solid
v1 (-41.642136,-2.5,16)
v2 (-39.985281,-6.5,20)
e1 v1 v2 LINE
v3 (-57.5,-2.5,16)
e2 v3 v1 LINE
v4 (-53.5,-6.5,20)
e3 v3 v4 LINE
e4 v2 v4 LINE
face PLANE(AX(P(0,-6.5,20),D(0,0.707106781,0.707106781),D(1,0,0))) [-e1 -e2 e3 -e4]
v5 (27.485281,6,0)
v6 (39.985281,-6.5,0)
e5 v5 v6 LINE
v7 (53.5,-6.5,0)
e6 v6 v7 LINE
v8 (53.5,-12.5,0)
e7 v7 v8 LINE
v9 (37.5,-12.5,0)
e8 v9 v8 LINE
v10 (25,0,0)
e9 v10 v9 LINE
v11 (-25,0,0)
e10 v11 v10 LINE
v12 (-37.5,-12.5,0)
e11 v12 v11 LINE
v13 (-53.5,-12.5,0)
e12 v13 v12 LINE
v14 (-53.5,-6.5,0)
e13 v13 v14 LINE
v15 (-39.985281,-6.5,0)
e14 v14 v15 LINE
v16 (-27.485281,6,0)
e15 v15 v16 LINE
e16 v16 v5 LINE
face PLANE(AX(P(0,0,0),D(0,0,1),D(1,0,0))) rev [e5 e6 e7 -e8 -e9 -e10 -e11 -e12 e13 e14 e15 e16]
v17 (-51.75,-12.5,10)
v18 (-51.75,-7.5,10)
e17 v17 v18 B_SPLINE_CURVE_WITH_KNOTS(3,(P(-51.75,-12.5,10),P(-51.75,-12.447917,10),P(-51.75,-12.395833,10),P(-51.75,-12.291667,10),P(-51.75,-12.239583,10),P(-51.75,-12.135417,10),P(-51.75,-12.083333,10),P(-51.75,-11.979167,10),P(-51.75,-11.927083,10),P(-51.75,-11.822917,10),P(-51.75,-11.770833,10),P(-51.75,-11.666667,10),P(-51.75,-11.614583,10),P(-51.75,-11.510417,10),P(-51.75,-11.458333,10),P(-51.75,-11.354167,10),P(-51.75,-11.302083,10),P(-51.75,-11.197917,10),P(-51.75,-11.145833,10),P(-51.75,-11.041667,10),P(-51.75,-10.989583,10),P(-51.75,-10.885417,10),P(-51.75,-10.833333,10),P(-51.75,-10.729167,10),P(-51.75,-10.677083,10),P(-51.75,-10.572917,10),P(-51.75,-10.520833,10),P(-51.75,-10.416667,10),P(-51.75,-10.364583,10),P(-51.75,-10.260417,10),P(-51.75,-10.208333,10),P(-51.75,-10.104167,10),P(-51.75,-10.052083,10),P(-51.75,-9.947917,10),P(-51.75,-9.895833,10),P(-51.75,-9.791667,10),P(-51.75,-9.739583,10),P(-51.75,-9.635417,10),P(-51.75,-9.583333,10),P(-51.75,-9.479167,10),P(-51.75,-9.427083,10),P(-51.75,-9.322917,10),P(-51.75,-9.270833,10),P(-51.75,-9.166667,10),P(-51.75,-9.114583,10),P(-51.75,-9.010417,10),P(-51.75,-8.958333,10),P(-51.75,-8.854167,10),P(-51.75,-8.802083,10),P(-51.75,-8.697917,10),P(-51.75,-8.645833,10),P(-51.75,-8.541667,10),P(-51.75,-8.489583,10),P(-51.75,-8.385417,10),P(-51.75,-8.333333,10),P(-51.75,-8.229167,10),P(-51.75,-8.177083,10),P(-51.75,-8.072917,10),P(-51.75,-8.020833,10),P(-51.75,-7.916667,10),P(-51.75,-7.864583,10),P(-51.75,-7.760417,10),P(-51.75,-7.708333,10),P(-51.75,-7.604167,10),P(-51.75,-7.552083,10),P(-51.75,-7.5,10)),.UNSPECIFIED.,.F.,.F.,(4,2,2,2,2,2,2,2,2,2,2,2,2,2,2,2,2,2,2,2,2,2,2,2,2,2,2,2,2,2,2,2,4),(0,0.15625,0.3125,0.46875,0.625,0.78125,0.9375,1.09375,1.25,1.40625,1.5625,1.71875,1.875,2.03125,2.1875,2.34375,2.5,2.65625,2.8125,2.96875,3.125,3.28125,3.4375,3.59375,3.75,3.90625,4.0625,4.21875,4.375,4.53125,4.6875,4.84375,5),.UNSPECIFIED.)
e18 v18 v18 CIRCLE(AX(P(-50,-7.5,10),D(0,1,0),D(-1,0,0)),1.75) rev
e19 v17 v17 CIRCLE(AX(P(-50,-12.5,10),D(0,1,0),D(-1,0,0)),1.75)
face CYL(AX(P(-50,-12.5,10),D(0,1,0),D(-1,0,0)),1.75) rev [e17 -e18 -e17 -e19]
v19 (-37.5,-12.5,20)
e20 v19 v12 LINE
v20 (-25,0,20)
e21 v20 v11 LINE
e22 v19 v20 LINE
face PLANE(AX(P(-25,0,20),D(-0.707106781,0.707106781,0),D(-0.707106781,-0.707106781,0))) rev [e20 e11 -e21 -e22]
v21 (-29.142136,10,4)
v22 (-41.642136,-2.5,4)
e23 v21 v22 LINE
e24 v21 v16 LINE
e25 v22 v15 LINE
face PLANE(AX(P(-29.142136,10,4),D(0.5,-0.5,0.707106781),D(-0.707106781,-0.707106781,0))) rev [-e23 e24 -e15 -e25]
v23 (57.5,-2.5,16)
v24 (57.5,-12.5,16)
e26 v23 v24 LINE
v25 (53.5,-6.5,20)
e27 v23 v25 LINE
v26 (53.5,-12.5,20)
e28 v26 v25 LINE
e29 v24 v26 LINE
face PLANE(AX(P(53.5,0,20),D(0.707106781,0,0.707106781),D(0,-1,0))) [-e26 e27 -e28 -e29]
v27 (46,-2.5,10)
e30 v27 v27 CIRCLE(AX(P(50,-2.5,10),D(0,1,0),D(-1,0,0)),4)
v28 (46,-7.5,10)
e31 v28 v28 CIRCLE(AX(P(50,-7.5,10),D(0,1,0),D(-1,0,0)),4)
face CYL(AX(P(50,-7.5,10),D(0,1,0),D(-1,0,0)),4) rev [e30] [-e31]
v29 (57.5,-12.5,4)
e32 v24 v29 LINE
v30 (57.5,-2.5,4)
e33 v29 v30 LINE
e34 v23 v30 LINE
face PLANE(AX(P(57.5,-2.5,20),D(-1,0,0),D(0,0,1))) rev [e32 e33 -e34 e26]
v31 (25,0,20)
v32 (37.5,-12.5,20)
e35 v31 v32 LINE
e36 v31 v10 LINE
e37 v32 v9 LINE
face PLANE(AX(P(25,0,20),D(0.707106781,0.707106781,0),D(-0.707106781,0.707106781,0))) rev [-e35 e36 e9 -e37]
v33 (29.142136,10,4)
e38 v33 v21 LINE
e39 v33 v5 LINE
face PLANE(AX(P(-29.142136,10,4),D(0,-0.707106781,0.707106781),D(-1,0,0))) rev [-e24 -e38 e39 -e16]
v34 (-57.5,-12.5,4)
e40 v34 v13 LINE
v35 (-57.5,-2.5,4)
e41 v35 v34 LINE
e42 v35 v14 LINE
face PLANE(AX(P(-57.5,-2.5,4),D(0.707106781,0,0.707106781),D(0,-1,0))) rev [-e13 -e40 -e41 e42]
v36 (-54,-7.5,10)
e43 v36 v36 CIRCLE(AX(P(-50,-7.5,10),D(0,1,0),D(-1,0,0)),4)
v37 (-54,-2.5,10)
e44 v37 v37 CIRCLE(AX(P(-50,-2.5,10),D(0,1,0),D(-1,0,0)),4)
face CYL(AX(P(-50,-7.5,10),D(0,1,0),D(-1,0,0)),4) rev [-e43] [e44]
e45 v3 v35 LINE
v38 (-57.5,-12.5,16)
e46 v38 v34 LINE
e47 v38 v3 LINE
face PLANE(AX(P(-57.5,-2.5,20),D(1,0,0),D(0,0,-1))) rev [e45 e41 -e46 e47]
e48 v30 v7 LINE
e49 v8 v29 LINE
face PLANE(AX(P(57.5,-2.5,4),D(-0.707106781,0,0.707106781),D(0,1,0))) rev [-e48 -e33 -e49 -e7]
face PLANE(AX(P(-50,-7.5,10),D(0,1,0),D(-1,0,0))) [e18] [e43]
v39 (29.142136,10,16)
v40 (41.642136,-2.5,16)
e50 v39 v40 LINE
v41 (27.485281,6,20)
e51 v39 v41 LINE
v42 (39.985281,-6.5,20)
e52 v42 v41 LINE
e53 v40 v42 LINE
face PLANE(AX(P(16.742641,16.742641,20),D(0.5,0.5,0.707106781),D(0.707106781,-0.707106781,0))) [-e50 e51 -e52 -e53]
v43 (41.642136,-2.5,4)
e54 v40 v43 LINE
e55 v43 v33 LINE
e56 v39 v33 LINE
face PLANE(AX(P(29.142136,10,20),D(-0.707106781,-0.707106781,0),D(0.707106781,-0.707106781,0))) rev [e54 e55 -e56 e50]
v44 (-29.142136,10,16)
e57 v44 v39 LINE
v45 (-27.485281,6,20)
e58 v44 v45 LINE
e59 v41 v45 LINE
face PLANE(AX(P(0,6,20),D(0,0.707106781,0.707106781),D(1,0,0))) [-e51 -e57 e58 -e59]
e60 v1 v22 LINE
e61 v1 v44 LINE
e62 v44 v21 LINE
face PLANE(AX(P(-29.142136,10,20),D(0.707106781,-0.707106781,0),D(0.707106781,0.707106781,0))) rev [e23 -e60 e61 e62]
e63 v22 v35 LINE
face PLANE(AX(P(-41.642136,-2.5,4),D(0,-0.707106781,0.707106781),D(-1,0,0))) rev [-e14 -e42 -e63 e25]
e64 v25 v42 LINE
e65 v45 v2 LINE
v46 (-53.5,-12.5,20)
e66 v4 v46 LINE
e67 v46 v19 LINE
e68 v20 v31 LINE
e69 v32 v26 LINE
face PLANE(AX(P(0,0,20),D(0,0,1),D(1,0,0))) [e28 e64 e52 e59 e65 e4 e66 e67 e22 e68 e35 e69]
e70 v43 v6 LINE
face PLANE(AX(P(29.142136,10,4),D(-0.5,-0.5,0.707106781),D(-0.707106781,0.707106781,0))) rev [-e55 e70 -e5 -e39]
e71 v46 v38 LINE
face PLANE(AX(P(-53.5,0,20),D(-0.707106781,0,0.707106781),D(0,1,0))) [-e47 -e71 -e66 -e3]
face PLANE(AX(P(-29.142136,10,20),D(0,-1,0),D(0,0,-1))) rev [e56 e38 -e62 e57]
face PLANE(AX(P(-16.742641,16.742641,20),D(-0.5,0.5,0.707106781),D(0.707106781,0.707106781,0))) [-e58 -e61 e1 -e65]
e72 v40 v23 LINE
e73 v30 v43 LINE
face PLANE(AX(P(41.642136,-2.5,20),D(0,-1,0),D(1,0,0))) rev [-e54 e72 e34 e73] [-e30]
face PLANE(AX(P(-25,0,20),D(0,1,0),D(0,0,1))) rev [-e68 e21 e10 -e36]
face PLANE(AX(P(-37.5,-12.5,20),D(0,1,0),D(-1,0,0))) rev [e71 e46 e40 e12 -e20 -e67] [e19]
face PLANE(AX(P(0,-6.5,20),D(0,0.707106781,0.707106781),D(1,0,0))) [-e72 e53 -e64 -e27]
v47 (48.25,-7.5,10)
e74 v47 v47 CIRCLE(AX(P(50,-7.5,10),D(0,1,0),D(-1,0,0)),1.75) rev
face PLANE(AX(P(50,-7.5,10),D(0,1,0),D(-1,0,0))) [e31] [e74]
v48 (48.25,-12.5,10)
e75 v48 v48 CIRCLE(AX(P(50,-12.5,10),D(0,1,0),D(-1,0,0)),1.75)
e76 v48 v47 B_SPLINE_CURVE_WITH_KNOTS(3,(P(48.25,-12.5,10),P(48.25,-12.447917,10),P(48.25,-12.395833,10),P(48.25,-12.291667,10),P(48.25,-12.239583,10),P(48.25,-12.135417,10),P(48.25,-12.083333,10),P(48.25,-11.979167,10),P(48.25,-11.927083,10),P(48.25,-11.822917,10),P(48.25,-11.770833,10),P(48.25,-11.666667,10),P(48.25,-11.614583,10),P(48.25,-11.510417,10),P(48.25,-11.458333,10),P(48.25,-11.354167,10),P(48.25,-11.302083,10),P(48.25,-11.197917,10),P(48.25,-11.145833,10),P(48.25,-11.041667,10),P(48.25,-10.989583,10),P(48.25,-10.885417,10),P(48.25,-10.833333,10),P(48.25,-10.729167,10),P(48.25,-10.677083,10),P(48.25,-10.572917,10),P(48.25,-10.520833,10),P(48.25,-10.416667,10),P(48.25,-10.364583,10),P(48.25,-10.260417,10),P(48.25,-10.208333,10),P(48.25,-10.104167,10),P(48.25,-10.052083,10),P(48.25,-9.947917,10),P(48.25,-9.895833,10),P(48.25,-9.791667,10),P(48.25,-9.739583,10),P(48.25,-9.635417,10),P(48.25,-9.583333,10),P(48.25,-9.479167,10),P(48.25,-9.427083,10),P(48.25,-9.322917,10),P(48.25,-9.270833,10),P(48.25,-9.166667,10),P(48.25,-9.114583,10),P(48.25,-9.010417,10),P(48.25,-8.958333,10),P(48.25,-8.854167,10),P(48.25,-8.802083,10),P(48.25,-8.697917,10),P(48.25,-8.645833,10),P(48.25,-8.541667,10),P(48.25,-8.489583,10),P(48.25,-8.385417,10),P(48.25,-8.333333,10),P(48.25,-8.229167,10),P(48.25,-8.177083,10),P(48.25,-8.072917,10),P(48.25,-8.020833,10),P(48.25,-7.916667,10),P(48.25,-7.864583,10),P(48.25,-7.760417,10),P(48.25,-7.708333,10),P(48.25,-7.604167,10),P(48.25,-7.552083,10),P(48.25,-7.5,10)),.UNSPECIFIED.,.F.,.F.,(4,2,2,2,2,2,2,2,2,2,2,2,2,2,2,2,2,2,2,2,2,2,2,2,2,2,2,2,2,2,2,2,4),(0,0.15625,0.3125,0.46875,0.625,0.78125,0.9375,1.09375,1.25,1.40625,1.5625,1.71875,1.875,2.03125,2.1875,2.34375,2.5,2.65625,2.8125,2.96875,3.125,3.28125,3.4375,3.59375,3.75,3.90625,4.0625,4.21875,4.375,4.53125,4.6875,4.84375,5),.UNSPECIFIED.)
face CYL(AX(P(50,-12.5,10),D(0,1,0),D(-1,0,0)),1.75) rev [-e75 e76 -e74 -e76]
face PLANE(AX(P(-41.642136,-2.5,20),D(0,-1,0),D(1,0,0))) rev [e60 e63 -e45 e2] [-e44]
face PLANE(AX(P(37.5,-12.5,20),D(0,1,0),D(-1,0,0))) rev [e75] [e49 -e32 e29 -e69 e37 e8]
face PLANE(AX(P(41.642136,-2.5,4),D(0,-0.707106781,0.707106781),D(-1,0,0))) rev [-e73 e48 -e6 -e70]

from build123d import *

# Parameters (mm, degrees)
BOSS_EXTRUDE1_DEPTH = 20
CHAMFER1_SIZE       = 4
SKETCH2_R           = 1.75
CUT_EXTRUDE1_DEPTH  = 63.149014473
SKETCH3_R           = 4
CUT_EXTRUDE2_DEPTH  = 5


with BuildPart() as part:
    # Sketch1 → Boss-Extrude1 (new body)
    with BuildSketch(Plane.XY):
        Polygon((-25, 0), (25, 0), (37.5, -12.5), (57.5, -12.5), (57.5, -2.5), (41.642135624, -2.5), (29.142135624, 10), (-29.142135624, 10), (-41.642135624, -2.5), (-57.5, -2.5), (-57.5, -12.5), (-37.5, -12.5), align=None)
    extrude(amount=BOSS_EXTRUDE1_DEPTH)

    # Chamfer1
    chamfer1_edges = [part.edges().sort_by_distance(p)[0] for p in [
        (-57.5, -7.5, 0),
        (-49.571067812, -2.5, 0),
        (-35.392135624, 3.75, 0),
        (0, 10, 0),
        (35.392135624, 3.75, 0),
        (49.571067812, -2.5, 0),
        (57.5, -7.5, 0),
        (57.5, -7.5, 20),
        (49.571067812, -2.5, 20),
        (35.392135624, 3.75, 20),
        (0, 10, 20),
        (-35.392135624, 3.75, 20),
        (-49.571067812, -2.5, 20),
        (-57.5, -7.5, 20),
    ]]
    chamfer(chamfer1_edges, length=CHAMFER1_SIZE)

    # Sketch2 → Cut-Extrude1 (cut, through all)
    with BuildSketch(Plane(origin=(0, -2.5, 0), x_dir=(1, 0, 0), z_dir=(0, 1, 0))):
        with Locations(Location((-50, -10, 0), (0, 0, 180))):
            Circle(SKETCH2_R)
        with Locations(Location((50, -10, 0), (0, 0, 180))):
            Circle(SKETCH2_R)
    extrude(amount=-CUT_EXTRUDE1_DEPTH, mode=Mode.SUBTRACT)

    # Sketch3 → Cut-Extrude2 (cut)
    with BuildSketch(Plane(origin=(0, -2.5, 0), x_dir=(1, 0, 0), z_dir=(0, 1, 0))):
        with Locations(Location((-50, -10, 0), (0, 0, 180))):
            Circle(SKETCH3_R)
        with Locations(Location((50, -10, 0), (0, 0, 180))):
            Circle(SKETCH3_R)
    extrude(amount=-CUT_EXTRUDE2_DEPTH, mode=Mode.SUBTRACT)


solid = part.part
